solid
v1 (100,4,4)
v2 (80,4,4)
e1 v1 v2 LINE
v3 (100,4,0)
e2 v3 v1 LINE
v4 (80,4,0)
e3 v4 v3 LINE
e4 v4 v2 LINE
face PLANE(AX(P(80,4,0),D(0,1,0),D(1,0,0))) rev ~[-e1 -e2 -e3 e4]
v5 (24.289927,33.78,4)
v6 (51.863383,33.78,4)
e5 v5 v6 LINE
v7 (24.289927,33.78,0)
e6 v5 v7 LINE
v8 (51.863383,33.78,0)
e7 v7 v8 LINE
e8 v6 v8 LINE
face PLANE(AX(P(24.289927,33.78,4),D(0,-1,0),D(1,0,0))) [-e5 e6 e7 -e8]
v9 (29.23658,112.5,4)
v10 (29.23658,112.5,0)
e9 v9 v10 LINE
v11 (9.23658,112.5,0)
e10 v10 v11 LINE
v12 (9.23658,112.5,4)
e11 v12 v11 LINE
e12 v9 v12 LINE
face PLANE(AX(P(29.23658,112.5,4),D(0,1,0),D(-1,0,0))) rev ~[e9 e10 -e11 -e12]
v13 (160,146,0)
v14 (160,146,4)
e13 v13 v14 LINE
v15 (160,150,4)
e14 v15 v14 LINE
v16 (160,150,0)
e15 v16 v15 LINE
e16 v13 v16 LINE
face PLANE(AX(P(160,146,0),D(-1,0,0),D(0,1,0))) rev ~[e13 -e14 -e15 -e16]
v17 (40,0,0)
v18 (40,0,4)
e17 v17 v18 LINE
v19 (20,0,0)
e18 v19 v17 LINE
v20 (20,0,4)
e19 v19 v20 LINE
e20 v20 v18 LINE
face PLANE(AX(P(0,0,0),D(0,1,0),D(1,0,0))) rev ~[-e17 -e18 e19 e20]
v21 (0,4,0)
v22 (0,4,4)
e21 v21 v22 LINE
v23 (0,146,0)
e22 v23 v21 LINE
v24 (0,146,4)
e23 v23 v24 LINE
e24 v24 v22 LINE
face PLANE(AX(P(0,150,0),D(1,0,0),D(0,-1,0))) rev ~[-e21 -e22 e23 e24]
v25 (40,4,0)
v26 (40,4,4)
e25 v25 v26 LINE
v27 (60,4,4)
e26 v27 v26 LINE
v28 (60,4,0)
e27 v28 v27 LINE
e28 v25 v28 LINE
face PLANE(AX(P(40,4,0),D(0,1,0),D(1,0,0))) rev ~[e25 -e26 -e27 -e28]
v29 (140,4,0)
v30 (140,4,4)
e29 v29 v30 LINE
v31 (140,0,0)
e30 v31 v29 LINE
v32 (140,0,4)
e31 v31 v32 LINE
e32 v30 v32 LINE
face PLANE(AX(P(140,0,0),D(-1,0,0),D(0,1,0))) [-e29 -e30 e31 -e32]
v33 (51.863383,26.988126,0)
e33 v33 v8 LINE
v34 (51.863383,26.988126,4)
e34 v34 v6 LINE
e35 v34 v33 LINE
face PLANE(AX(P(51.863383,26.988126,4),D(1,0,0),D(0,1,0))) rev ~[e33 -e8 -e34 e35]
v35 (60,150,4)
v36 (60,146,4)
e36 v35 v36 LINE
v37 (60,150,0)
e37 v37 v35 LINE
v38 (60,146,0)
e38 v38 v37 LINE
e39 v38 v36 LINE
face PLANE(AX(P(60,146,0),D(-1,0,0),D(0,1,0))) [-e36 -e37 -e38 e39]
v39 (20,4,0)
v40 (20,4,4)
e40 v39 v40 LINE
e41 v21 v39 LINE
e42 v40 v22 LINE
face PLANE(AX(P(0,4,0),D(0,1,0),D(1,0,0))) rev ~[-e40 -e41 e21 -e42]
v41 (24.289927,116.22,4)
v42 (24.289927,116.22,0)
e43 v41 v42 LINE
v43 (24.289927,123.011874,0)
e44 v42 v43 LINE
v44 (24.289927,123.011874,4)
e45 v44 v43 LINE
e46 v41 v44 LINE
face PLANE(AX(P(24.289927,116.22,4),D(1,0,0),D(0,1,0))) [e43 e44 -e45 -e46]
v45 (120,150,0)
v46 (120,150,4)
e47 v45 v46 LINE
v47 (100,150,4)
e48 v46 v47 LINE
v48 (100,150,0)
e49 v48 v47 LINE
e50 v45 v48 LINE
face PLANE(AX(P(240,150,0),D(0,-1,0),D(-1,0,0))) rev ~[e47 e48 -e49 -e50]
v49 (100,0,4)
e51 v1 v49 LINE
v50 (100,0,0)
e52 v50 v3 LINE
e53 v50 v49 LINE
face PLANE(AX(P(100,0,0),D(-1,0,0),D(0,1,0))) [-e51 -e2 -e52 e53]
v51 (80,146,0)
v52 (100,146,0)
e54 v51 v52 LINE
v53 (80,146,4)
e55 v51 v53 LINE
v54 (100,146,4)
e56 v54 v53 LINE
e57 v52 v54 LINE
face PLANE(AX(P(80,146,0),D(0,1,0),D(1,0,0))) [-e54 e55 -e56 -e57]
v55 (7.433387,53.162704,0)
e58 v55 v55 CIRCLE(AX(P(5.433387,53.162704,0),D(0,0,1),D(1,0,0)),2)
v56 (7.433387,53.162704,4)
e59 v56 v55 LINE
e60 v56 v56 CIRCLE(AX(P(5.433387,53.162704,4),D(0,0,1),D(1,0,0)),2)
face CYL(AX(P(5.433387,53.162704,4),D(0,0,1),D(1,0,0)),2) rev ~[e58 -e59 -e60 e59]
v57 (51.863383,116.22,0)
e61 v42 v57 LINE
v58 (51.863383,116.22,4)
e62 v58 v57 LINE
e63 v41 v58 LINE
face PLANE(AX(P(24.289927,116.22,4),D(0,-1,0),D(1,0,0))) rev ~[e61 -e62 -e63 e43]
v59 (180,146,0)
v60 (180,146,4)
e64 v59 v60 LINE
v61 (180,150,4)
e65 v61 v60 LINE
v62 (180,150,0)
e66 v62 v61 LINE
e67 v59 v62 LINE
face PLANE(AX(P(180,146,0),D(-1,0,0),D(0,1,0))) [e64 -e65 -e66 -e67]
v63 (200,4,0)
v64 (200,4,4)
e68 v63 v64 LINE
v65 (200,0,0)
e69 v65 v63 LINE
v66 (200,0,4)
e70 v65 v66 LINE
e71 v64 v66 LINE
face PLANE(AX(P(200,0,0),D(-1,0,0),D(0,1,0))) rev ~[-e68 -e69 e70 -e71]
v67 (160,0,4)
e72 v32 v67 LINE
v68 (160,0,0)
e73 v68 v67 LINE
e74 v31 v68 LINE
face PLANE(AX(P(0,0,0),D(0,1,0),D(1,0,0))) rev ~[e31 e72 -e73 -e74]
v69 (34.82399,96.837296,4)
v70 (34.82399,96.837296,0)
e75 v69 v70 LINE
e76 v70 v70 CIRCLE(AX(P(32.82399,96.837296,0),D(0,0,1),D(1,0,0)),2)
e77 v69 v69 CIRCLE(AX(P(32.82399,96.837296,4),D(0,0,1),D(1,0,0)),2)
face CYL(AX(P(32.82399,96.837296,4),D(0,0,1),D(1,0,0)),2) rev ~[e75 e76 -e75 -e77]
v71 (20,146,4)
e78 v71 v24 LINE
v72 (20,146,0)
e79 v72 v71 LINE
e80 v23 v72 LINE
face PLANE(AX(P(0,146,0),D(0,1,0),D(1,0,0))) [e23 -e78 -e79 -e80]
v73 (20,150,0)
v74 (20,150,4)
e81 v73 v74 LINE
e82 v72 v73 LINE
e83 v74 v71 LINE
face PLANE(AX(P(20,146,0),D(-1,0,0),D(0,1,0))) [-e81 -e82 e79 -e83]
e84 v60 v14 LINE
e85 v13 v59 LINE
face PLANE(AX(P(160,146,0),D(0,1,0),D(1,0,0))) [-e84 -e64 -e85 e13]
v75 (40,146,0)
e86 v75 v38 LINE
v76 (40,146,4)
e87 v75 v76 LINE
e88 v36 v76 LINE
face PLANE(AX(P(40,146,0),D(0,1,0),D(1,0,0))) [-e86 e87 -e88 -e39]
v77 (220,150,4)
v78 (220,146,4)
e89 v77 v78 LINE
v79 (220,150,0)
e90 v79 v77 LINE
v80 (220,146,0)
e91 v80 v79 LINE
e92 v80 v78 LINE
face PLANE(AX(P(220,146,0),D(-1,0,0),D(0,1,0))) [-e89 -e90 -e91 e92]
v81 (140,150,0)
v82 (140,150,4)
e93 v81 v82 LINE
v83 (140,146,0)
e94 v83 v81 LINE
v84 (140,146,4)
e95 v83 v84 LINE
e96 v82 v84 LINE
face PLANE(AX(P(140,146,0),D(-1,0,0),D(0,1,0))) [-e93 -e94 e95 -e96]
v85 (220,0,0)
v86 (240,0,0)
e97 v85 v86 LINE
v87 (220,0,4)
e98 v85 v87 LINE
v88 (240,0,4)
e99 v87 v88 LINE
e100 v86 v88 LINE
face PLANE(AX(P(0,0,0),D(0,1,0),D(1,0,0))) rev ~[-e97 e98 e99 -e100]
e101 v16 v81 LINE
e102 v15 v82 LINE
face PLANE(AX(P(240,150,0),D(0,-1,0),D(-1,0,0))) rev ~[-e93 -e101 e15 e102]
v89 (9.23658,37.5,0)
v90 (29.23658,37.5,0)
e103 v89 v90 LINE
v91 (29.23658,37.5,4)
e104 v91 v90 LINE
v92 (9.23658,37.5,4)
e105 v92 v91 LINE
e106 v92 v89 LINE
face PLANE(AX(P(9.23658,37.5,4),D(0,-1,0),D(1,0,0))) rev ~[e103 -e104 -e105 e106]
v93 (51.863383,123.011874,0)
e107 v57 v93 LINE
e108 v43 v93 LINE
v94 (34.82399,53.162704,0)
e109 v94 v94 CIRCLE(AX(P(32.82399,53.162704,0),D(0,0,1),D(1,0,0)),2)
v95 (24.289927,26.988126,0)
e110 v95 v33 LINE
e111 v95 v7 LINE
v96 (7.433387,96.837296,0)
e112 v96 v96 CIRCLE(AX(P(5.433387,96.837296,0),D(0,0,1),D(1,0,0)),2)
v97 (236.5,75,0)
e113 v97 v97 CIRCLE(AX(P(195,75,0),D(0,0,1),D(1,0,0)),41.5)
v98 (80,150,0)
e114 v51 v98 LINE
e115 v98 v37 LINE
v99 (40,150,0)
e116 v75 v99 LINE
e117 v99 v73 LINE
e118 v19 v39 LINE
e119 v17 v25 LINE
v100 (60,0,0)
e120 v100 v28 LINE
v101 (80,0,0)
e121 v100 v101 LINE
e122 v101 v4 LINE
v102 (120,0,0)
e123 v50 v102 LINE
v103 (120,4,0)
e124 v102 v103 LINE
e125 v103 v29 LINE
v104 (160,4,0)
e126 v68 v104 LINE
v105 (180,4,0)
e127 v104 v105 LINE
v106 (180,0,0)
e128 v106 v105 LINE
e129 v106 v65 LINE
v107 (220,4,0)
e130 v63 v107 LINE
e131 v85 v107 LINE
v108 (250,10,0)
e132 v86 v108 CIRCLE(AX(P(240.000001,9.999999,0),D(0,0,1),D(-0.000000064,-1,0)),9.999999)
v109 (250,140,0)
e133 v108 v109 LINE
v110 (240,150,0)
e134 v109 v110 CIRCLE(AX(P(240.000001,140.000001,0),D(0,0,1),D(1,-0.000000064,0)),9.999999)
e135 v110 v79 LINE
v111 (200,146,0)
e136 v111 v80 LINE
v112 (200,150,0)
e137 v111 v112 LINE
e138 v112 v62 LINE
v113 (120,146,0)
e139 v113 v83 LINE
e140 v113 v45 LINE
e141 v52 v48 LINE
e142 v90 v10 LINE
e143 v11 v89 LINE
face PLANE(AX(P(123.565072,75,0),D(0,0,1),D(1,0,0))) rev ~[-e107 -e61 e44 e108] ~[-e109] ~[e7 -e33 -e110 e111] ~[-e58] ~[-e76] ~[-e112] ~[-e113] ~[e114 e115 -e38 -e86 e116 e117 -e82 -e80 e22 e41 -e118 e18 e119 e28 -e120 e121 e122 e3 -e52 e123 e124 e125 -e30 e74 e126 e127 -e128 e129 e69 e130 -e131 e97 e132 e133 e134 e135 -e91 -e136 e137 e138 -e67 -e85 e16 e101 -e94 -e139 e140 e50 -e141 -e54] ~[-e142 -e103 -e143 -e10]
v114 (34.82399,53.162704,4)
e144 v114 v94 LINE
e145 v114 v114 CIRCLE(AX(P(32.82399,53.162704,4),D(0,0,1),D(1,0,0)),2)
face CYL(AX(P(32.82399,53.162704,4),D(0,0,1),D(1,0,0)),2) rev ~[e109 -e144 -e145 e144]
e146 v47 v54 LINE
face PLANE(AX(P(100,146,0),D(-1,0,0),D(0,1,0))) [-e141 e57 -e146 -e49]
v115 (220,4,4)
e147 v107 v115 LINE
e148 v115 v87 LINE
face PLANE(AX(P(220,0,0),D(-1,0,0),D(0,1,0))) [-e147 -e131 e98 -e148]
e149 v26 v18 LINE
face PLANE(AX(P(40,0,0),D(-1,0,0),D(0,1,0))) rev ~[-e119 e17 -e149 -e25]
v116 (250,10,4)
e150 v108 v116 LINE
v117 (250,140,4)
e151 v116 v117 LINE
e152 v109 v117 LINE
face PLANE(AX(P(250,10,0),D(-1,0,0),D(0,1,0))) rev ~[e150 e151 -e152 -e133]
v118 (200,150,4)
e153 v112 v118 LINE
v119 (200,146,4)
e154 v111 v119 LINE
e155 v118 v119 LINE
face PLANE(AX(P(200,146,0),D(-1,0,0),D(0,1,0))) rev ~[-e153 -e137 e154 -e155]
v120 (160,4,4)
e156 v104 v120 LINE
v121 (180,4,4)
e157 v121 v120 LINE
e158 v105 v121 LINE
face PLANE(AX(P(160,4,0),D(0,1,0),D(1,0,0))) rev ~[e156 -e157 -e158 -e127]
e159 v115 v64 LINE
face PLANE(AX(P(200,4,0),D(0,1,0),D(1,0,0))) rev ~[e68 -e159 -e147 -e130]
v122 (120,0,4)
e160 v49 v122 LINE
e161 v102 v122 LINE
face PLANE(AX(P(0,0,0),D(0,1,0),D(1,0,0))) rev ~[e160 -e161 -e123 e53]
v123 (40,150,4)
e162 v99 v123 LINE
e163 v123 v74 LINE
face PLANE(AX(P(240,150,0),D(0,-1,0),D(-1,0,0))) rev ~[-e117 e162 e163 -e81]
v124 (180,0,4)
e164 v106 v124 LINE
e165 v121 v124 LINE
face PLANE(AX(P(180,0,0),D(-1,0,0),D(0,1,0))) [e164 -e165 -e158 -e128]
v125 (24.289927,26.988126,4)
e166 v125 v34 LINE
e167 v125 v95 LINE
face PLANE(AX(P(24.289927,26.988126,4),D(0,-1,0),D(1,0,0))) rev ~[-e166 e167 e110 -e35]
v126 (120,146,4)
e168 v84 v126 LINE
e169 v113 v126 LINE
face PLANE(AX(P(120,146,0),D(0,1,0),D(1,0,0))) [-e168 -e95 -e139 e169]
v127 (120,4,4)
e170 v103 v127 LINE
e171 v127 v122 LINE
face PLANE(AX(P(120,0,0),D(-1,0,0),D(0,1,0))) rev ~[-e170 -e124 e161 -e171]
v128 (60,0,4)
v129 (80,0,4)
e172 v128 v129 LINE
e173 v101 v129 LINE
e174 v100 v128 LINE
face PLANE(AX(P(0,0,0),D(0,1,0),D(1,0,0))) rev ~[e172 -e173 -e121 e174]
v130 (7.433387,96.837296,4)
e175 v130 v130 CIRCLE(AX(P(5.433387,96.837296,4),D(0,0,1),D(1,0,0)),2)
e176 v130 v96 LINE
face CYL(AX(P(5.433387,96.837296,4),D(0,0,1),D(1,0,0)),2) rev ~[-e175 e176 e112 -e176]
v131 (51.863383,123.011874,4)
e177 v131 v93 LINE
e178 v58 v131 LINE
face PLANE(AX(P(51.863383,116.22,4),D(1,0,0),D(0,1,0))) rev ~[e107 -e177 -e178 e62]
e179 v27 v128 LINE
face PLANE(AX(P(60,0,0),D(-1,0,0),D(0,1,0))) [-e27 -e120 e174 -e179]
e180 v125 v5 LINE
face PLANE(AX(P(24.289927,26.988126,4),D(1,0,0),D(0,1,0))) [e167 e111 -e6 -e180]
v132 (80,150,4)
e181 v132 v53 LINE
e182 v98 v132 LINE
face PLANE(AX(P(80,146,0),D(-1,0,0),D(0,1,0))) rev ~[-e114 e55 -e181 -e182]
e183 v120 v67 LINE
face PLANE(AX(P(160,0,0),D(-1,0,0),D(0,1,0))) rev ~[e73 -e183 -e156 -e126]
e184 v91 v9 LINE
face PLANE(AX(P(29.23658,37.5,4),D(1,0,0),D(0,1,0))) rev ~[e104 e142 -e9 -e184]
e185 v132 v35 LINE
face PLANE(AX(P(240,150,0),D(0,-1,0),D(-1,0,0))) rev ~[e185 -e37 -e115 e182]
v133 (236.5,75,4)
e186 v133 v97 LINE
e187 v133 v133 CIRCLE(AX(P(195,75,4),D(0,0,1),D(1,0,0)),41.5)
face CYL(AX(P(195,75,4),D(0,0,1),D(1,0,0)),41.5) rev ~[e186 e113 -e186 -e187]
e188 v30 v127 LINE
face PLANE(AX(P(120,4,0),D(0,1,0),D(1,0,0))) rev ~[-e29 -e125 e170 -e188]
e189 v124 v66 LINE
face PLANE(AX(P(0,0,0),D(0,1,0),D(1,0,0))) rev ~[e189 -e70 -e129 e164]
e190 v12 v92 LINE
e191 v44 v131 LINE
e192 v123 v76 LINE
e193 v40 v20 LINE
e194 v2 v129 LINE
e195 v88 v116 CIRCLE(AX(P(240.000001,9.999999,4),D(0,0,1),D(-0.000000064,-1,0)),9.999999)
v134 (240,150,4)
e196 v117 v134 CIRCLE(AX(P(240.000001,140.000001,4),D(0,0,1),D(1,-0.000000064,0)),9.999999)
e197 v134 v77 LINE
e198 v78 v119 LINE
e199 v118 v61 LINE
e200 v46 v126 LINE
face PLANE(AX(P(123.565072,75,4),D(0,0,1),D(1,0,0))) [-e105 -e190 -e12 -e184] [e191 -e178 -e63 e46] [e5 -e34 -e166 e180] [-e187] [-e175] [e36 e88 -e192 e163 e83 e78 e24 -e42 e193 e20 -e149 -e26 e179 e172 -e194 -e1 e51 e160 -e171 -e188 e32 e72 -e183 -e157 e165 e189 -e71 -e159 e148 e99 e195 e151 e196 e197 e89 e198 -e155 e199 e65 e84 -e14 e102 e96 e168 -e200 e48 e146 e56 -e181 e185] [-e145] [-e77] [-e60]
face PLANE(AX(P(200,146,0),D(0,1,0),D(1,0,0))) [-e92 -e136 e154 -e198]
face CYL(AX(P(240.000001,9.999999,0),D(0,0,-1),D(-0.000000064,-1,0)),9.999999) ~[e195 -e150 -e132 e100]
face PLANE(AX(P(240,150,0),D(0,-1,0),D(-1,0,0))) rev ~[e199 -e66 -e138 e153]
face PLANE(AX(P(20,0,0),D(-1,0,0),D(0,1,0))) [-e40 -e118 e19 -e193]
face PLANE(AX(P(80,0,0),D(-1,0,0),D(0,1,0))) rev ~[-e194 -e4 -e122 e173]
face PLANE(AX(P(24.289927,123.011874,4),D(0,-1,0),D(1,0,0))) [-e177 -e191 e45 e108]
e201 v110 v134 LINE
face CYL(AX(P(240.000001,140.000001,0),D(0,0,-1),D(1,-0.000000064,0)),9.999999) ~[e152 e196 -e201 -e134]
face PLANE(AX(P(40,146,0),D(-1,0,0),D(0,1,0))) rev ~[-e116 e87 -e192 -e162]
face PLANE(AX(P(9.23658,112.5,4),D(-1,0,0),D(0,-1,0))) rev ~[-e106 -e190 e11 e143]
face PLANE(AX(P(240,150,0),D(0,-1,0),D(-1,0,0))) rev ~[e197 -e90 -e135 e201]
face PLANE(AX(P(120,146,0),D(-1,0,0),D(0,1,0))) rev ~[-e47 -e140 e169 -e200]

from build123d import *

# Parameters (mm, degrees)
PAD001_DEPTH    = 4
SKETCH_R        = 41.5
SKETCH_R_2      = 2
SKETCH_W        = 27.573456
SKETCH_H        = 6.791874
POCKET_DEPTH    = 5
SKETCH002_W     = 20
SKETCH002_H     = 4
POCKET001_DEPTH = 5


with BuildPart() as part:
    # Sketch001 → Pad001 (new body)
    with BuildSketch(Plane.XY):
        with BuildLine():
            Line((0, 0), (240, 0))
            ThreePointArc((240, 0), (247.071068, 2.928932), (250, 10))
            Line((250, 10), (250, 140))
            ThreePointArc((250, 140), (247.071068, 147.071068), (240, 150))
            Line((240, 150), (0, 150))
            Line((0, 150), (0, 0))
        make_face()
    extrude(amount=PAD001_DEPTH)

    # Sketch (on Face8 of Pad001) → Pocket (cut)
    with BuildSketch(Plane.XY.offset(4)):
        with Locations((195, 75)):
            Circle(SKETCH_R)
        with Locations((5.433387, 53.162704)):
            Circle(SKETCH_R_2)
        with Locations((32.82399, 96.837296)):
            Circle(SKETCH_R_2)
        with Locations((32.82399, 53.162704)):
            Circle(SKETCH_R_2)
        with Locations((5.433387, 96.837296)):
            Circle(SKETCH_R_2)
        Polygon((9.23658, 112.5), (9.23658, 37.5), (29.23658, 37.5), (29.23658, 75), (29.23658, 112.5), align=None)
        with Locations((38.076655, 30.384063)):
            Rectangle(SKETCH_W, SKETCH_H)
        with Locations((38.076655, 119.615937)):
            Rectangle(SKETCH_W, SKETCH_H)
    extrude(amount=-POCKET_DEPTH, mode=Mode.SUBTRACT)

    # Sketch002 → Pocket001 (cut)
    with BuildSketch(Plane.XY):
        with Locations((10, 2)):
            Rectangle(SKETCH002_W, SKETCH002_H)
        with Locations((50, 2)):
            Rectangle(SKETCH002_W, SKETCH002_H)
        with Locations((90, 2)):
            Rectangle(SKETCH002_W, SKETCH002_H)
        with Locations((130, 2)):
            Rectangle(SKETCH002_W, SKETCH002_H)
        with Locations((170, 2)):
            Rectangle(SKETCH002_W, SKETCH002_H)
        with Locations((10, 148)):
            Rectangle(SKETCH002_W, SKETCH002_H)
        with Locations((50, 148)):
            Rectangle(SKETCH002_W, SKETCH002_H)
        with Locations((90, 148)):
            Rectangle(SKETCH002_W, SKETCH002_H)
        with Locations((130, 148)):
            Rectangle(SKETCH002_W, SKETCH002_H)
        with Locations((170, 148)):
            Rectangle(SKETCH002_W, SKETCH002_H)
        with Locations((210, 148)):
            Rectangle(SKETCH002_W, SKETCH002_H)
        with Locations((210, 2)):
            Rectangle(SKETCH002_W, SKETCH002_H)
    extrude(amount=POCKET001_DEPTH, mode=Mode.SUBTRACT)


solid = part.part
